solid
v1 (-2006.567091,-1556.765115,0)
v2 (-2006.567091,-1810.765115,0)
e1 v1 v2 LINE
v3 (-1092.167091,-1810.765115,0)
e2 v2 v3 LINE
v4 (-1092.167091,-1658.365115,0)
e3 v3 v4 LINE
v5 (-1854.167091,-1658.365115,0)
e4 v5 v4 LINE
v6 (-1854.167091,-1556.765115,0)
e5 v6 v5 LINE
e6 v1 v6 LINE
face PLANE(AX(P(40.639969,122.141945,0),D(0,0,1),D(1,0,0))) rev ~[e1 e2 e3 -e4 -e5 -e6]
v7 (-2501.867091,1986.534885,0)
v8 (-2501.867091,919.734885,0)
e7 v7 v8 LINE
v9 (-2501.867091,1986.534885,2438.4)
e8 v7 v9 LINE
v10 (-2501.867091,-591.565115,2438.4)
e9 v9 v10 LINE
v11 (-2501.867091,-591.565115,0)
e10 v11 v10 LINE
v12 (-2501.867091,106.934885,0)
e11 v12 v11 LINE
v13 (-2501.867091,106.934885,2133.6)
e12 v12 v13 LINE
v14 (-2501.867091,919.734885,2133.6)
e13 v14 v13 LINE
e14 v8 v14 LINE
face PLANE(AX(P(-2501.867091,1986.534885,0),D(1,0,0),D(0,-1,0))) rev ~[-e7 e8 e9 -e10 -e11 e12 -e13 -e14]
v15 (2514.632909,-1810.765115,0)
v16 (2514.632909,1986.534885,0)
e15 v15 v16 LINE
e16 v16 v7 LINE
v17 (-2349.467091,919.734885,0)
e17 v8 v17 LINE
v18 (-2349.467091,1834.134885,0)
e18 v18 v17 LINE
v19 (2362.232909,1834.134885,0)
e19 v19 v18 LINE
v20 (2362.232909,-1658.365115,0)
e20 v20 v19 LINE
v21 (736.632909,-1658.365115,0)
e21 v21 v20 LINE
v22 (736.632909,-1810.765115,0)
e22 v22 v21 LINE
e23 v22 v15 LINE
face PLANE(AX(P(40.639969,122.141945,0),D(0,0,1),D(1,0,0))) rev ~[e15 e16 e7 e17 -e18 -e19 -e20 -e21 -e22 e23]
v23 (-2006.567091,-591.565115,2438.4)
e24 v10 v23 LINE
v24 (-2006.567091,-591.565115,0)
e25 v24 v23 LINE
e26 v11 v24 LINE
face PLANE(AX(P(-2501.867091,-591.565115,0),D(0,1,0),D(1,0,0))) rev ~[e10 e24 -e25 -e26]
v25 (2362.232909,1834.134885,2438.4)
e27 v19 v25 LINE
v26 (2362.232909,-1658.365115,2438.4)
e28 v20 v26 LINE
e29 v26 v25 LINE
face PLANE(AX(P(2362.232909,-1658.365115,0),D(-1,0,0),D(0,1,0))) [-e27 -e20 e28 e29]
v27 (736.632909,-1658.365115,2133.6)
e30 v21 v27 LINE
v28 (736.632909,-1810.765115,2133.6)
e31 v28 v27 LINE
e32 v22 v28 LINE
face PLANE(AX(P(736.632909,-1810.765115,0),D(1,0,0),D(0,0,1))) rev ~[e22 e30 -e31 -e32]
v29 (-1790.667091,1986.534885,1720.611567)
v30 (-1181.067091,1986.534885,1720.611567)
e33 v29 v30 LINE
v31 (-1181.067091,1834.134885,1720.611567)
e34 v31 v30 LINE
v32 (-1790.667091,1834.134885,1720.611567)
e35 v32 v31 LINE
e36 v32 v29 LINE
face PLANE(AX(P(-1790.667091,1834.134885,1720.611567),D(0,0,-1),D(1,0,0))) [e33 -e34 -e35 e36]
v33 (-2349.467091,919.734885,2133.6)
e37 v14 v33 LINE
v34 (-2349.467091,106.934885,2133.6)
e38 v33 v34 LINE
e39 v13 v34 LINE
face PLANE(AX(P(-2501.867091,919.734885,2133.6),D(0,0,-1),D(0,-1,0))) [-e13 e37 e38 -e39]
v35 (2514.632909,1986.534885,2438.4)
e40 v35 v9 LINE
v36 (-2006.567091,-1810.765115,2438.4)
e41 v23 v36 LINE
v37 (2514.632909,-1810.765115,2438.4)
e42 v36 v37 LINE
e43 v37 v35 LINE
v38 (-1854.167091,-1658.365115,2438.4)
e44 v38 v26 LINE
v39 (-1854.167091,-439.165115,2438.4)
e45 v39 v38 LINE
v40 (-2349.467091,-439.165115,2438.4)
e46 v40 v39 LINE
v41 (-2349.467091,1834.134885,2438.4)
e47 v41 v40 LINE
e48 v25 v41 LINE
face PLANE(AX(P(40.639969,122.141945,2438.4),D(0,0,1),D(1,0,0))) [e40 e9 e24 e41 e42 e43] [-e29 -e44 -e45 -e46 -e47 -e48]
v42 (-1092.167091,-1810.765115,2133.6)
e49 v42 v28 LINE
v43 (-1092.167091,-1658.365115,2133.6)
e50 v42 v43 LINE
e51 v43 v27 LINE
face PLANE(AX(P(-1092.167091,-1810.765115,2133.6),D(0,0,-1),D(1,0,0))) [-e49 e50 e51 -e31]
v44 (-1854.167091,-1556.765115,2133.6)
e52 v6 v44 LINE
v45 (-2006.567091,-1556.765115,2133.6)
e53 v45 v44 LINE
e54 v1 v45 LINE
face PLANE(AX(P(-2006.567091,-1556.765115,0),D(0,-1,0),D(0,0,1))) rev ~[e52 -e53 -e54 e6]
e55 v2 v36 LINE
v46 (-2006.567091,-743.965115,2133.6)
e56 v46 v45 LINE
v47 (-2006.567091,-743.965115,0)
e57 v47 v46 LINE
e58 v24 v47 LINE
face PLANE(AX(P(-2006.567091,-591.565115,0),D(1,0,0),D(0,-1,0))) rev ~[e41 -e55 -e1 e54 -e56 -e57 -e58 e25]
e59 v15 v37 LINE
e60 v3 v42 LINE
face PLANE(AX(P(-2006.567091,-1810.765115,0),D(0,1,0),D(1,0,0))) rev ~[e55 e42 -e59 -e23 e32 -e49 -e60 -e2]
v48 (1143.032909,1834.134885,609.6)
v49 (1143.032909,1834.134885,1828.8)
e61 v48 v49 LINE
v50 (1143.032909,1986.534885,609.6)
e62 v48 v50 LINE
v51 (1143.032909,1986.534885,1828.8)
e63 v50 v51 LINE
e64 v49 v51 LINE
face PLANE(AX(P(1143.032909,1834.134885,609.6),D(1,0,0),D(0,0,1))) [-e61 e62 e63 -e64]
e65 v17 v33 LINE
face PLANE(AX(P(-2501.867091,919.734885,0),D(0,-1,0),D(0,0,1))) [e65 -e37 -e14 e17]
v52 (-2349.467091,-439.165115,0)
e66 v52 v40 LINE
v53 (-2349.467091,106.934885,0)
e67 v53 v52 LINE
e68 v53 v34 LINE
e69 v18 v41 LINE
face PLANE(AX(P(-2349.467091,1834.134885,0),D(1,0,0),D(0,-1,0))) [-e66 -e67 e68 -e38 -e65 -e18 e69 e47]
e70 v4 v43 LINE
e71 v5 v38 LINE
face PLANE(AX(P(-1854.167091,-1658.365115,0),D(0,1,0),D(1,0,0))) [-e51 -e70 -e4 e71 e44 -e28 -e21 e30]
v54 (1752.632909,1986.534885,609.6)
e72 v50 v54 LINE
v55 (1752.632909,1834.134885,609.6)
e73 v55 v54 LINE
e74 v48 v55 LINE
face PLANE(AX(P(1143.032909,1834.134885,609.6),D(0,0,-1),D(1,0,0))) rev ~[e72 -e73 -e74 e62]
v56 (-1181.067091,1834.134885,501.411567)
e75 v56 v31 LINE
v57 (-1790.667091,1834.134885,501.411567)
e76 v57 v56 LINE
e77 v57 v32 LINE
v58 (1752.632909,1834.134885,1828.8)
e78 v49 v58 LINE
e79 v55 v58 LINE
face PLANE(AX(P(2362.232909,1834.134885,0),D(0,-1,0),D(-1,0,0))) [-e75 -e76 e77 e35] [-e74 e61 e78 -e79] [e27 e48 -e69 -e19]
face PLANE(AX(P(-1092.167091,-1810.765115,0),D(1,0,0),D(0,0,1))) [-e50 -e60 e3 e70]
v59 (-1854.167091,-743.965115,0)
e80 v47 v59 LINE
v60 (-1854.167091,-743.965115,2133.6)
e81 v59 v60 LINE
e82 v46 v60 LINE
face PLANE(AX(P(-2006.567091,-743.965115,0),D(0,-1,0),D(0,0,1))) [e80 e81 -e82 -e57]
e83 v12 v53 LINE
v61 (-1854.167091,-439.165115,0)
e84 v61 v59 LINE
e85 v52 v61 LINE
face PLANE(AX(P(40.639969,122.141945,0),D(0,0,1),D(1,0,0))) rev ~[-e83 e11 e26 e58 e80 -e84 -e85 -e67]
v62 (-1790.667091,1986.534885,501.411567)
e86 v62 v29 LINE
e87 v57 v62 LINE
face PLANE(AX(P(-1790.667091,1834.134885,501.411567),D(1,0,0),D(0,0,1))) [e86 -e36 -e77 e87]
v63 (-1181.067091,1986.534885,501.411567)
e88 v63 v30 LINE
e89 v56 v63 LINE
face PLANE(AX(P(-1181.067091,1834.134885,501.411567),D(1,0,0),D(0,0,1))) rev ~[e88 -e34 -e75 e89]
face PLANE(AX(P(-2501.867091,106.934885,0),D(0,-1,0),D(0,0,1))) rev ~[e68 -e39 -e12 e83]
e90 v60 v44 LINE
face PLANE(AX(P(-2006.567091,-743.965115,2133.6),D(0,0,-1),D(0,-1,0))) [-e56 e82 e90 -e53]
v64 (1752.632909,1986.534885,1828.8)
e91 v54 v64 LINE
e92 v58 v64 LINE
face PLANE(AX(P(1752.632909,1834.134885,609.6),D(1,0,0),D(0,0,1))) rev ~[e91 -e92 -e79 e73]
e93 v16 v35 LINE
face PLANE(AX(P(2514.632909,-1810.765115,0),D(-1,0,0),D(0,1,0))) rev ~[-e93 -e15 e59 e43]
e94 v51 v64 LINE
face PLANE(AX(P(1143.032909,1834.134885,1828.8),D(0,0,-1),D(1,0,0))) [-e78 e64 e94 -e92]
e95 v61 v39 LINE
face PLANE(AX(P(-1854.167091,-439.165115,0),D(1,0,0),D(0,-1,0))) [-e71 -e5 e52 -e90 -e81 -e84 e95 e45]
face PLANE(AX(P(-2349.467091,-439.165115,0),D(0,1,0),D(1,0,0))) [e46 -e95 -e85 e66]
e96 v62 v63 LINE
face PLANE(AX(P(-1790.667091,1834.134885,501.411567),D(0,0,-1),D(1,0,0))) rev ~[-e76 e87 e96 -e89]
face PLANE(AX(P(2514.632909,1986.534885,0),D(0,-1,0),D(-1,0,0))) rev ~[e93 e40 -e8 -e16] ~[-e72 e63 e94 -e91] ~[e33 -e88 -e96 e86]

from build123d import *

# Parameters (mm, degrees)
F2_DEPTH  = 2438.4
F5_DEPTH  = 2438.4
F6_W      = 609.6
F6_H      = 1219.2
F7_DEPTH  = 1252.9482413083
F8_W      = 1828.8
F8_H      = 2133.6
F9_DEPTH  = 152.4
F10_W     = 812.8
F10_H     = 2133.6
F11_DEPTH = 152.4
F12_W     = 812.8
F12_H     = 2133.6
F13_DEPTH = 152.4


with BuildPart() as f2:
    # F0 (on Top) → F2 (new body)
    with BuildSketch(Plane.XY):
        Polygon((2362.2329086721, -1658.3651153564), (2362.2329086721, 1834.1348846436), (-2349.4670913279, 1834.1348846436), (-2349.4670913279, -439.1651153564), (-1854.1670913279, -439.1651153564), (-1854.1670913279, -1658.3651153564), align=None)
    extrude(amount=F2_DEPTH)


with BuildPart() as f2b:
    # F1 (on face) → F2, piece 2 (new body)
    with BuildSketch(Plane.XY):
        Polygon((2514.6329086721, -1810.7651153564), (2514.6329086721, 1986.5348846436), (-2501.8670913279, 1986.5348846436), (-2501.8670913279, -591.5651153564), (-2006.5670913279, -591.5651153564), (-2006.5670913279, -1810.7651153564), align=None)
    extrude(amount=F2_DEPTH)

    # F4 (on face) → F5 (cut)
    with BuildSketch(Plane.XY):
        Polygon((-1854.1670913279, -1658.3651153564), (2362.2329086721, -1658.3651153564), (2362.2329086721, 1834.1348846436), (-2349.4670913279, 1834.1348846436), (-2349.4670913279, -439.1651153564), (-1854.1670913279, -439.1651153564), align=None)
    extrude(amount=F5_DEPTH, mode=Mode.SUBTRACT)

    # F6 (on face) → F7 (cut)
    with BuildSketch(Plane.XZ.offset(-1834.1348846436)):
        with Locations((1447.8329086721, 1219.2)):
            Rectangle(F6_W, F6_H)
        with Locations((-1485.8670913279, 1111.0115667624)):
            Rectangle(F6_W, F6_H)
    extrude(amount=-F7_DEPTH, mode=Mode.SUBTRACT)

    # F8 (on face) → F9 (cut)
    with BuildSketch(Plane.XZ.offset(1810.7651153564)):
        with Locations((-177.7670913279, 1066.8)):
            Rectangle(F8_W, F8_H)
    extrude(amount=-F9_DEPTH, mode=Mode.SUBTRACT)

    # F10 (on face) → F11 (cut)
    with BuildSketch(Plane(origin=(-2006.5670913279, 0, 0), x_dir=(0, -1, 0), z_dir=(-1, 0, 0))):
        with Locations((1150.3651153564, 1066.8)):
            Rectangle(F10_W, F10_H)
    extrude(amount=-F11_DEPTH, mode=Mode.SUBTRACT)

    # F12 (on face) → F13 (cut)
    with BuildSketch(Plane(origin=(-2501.8670913279, 0, 0), x_dir=(0, -1, 0), z_dir=(-1, 0, 0))):
        with Locations((-513.3348846436, 1066.8)):
            Rectangle(F12_W, F12_H)
    extrude(amount=-F13_DEPTH, mode=Mode.SUBTRACT)


solid = f2b.part
